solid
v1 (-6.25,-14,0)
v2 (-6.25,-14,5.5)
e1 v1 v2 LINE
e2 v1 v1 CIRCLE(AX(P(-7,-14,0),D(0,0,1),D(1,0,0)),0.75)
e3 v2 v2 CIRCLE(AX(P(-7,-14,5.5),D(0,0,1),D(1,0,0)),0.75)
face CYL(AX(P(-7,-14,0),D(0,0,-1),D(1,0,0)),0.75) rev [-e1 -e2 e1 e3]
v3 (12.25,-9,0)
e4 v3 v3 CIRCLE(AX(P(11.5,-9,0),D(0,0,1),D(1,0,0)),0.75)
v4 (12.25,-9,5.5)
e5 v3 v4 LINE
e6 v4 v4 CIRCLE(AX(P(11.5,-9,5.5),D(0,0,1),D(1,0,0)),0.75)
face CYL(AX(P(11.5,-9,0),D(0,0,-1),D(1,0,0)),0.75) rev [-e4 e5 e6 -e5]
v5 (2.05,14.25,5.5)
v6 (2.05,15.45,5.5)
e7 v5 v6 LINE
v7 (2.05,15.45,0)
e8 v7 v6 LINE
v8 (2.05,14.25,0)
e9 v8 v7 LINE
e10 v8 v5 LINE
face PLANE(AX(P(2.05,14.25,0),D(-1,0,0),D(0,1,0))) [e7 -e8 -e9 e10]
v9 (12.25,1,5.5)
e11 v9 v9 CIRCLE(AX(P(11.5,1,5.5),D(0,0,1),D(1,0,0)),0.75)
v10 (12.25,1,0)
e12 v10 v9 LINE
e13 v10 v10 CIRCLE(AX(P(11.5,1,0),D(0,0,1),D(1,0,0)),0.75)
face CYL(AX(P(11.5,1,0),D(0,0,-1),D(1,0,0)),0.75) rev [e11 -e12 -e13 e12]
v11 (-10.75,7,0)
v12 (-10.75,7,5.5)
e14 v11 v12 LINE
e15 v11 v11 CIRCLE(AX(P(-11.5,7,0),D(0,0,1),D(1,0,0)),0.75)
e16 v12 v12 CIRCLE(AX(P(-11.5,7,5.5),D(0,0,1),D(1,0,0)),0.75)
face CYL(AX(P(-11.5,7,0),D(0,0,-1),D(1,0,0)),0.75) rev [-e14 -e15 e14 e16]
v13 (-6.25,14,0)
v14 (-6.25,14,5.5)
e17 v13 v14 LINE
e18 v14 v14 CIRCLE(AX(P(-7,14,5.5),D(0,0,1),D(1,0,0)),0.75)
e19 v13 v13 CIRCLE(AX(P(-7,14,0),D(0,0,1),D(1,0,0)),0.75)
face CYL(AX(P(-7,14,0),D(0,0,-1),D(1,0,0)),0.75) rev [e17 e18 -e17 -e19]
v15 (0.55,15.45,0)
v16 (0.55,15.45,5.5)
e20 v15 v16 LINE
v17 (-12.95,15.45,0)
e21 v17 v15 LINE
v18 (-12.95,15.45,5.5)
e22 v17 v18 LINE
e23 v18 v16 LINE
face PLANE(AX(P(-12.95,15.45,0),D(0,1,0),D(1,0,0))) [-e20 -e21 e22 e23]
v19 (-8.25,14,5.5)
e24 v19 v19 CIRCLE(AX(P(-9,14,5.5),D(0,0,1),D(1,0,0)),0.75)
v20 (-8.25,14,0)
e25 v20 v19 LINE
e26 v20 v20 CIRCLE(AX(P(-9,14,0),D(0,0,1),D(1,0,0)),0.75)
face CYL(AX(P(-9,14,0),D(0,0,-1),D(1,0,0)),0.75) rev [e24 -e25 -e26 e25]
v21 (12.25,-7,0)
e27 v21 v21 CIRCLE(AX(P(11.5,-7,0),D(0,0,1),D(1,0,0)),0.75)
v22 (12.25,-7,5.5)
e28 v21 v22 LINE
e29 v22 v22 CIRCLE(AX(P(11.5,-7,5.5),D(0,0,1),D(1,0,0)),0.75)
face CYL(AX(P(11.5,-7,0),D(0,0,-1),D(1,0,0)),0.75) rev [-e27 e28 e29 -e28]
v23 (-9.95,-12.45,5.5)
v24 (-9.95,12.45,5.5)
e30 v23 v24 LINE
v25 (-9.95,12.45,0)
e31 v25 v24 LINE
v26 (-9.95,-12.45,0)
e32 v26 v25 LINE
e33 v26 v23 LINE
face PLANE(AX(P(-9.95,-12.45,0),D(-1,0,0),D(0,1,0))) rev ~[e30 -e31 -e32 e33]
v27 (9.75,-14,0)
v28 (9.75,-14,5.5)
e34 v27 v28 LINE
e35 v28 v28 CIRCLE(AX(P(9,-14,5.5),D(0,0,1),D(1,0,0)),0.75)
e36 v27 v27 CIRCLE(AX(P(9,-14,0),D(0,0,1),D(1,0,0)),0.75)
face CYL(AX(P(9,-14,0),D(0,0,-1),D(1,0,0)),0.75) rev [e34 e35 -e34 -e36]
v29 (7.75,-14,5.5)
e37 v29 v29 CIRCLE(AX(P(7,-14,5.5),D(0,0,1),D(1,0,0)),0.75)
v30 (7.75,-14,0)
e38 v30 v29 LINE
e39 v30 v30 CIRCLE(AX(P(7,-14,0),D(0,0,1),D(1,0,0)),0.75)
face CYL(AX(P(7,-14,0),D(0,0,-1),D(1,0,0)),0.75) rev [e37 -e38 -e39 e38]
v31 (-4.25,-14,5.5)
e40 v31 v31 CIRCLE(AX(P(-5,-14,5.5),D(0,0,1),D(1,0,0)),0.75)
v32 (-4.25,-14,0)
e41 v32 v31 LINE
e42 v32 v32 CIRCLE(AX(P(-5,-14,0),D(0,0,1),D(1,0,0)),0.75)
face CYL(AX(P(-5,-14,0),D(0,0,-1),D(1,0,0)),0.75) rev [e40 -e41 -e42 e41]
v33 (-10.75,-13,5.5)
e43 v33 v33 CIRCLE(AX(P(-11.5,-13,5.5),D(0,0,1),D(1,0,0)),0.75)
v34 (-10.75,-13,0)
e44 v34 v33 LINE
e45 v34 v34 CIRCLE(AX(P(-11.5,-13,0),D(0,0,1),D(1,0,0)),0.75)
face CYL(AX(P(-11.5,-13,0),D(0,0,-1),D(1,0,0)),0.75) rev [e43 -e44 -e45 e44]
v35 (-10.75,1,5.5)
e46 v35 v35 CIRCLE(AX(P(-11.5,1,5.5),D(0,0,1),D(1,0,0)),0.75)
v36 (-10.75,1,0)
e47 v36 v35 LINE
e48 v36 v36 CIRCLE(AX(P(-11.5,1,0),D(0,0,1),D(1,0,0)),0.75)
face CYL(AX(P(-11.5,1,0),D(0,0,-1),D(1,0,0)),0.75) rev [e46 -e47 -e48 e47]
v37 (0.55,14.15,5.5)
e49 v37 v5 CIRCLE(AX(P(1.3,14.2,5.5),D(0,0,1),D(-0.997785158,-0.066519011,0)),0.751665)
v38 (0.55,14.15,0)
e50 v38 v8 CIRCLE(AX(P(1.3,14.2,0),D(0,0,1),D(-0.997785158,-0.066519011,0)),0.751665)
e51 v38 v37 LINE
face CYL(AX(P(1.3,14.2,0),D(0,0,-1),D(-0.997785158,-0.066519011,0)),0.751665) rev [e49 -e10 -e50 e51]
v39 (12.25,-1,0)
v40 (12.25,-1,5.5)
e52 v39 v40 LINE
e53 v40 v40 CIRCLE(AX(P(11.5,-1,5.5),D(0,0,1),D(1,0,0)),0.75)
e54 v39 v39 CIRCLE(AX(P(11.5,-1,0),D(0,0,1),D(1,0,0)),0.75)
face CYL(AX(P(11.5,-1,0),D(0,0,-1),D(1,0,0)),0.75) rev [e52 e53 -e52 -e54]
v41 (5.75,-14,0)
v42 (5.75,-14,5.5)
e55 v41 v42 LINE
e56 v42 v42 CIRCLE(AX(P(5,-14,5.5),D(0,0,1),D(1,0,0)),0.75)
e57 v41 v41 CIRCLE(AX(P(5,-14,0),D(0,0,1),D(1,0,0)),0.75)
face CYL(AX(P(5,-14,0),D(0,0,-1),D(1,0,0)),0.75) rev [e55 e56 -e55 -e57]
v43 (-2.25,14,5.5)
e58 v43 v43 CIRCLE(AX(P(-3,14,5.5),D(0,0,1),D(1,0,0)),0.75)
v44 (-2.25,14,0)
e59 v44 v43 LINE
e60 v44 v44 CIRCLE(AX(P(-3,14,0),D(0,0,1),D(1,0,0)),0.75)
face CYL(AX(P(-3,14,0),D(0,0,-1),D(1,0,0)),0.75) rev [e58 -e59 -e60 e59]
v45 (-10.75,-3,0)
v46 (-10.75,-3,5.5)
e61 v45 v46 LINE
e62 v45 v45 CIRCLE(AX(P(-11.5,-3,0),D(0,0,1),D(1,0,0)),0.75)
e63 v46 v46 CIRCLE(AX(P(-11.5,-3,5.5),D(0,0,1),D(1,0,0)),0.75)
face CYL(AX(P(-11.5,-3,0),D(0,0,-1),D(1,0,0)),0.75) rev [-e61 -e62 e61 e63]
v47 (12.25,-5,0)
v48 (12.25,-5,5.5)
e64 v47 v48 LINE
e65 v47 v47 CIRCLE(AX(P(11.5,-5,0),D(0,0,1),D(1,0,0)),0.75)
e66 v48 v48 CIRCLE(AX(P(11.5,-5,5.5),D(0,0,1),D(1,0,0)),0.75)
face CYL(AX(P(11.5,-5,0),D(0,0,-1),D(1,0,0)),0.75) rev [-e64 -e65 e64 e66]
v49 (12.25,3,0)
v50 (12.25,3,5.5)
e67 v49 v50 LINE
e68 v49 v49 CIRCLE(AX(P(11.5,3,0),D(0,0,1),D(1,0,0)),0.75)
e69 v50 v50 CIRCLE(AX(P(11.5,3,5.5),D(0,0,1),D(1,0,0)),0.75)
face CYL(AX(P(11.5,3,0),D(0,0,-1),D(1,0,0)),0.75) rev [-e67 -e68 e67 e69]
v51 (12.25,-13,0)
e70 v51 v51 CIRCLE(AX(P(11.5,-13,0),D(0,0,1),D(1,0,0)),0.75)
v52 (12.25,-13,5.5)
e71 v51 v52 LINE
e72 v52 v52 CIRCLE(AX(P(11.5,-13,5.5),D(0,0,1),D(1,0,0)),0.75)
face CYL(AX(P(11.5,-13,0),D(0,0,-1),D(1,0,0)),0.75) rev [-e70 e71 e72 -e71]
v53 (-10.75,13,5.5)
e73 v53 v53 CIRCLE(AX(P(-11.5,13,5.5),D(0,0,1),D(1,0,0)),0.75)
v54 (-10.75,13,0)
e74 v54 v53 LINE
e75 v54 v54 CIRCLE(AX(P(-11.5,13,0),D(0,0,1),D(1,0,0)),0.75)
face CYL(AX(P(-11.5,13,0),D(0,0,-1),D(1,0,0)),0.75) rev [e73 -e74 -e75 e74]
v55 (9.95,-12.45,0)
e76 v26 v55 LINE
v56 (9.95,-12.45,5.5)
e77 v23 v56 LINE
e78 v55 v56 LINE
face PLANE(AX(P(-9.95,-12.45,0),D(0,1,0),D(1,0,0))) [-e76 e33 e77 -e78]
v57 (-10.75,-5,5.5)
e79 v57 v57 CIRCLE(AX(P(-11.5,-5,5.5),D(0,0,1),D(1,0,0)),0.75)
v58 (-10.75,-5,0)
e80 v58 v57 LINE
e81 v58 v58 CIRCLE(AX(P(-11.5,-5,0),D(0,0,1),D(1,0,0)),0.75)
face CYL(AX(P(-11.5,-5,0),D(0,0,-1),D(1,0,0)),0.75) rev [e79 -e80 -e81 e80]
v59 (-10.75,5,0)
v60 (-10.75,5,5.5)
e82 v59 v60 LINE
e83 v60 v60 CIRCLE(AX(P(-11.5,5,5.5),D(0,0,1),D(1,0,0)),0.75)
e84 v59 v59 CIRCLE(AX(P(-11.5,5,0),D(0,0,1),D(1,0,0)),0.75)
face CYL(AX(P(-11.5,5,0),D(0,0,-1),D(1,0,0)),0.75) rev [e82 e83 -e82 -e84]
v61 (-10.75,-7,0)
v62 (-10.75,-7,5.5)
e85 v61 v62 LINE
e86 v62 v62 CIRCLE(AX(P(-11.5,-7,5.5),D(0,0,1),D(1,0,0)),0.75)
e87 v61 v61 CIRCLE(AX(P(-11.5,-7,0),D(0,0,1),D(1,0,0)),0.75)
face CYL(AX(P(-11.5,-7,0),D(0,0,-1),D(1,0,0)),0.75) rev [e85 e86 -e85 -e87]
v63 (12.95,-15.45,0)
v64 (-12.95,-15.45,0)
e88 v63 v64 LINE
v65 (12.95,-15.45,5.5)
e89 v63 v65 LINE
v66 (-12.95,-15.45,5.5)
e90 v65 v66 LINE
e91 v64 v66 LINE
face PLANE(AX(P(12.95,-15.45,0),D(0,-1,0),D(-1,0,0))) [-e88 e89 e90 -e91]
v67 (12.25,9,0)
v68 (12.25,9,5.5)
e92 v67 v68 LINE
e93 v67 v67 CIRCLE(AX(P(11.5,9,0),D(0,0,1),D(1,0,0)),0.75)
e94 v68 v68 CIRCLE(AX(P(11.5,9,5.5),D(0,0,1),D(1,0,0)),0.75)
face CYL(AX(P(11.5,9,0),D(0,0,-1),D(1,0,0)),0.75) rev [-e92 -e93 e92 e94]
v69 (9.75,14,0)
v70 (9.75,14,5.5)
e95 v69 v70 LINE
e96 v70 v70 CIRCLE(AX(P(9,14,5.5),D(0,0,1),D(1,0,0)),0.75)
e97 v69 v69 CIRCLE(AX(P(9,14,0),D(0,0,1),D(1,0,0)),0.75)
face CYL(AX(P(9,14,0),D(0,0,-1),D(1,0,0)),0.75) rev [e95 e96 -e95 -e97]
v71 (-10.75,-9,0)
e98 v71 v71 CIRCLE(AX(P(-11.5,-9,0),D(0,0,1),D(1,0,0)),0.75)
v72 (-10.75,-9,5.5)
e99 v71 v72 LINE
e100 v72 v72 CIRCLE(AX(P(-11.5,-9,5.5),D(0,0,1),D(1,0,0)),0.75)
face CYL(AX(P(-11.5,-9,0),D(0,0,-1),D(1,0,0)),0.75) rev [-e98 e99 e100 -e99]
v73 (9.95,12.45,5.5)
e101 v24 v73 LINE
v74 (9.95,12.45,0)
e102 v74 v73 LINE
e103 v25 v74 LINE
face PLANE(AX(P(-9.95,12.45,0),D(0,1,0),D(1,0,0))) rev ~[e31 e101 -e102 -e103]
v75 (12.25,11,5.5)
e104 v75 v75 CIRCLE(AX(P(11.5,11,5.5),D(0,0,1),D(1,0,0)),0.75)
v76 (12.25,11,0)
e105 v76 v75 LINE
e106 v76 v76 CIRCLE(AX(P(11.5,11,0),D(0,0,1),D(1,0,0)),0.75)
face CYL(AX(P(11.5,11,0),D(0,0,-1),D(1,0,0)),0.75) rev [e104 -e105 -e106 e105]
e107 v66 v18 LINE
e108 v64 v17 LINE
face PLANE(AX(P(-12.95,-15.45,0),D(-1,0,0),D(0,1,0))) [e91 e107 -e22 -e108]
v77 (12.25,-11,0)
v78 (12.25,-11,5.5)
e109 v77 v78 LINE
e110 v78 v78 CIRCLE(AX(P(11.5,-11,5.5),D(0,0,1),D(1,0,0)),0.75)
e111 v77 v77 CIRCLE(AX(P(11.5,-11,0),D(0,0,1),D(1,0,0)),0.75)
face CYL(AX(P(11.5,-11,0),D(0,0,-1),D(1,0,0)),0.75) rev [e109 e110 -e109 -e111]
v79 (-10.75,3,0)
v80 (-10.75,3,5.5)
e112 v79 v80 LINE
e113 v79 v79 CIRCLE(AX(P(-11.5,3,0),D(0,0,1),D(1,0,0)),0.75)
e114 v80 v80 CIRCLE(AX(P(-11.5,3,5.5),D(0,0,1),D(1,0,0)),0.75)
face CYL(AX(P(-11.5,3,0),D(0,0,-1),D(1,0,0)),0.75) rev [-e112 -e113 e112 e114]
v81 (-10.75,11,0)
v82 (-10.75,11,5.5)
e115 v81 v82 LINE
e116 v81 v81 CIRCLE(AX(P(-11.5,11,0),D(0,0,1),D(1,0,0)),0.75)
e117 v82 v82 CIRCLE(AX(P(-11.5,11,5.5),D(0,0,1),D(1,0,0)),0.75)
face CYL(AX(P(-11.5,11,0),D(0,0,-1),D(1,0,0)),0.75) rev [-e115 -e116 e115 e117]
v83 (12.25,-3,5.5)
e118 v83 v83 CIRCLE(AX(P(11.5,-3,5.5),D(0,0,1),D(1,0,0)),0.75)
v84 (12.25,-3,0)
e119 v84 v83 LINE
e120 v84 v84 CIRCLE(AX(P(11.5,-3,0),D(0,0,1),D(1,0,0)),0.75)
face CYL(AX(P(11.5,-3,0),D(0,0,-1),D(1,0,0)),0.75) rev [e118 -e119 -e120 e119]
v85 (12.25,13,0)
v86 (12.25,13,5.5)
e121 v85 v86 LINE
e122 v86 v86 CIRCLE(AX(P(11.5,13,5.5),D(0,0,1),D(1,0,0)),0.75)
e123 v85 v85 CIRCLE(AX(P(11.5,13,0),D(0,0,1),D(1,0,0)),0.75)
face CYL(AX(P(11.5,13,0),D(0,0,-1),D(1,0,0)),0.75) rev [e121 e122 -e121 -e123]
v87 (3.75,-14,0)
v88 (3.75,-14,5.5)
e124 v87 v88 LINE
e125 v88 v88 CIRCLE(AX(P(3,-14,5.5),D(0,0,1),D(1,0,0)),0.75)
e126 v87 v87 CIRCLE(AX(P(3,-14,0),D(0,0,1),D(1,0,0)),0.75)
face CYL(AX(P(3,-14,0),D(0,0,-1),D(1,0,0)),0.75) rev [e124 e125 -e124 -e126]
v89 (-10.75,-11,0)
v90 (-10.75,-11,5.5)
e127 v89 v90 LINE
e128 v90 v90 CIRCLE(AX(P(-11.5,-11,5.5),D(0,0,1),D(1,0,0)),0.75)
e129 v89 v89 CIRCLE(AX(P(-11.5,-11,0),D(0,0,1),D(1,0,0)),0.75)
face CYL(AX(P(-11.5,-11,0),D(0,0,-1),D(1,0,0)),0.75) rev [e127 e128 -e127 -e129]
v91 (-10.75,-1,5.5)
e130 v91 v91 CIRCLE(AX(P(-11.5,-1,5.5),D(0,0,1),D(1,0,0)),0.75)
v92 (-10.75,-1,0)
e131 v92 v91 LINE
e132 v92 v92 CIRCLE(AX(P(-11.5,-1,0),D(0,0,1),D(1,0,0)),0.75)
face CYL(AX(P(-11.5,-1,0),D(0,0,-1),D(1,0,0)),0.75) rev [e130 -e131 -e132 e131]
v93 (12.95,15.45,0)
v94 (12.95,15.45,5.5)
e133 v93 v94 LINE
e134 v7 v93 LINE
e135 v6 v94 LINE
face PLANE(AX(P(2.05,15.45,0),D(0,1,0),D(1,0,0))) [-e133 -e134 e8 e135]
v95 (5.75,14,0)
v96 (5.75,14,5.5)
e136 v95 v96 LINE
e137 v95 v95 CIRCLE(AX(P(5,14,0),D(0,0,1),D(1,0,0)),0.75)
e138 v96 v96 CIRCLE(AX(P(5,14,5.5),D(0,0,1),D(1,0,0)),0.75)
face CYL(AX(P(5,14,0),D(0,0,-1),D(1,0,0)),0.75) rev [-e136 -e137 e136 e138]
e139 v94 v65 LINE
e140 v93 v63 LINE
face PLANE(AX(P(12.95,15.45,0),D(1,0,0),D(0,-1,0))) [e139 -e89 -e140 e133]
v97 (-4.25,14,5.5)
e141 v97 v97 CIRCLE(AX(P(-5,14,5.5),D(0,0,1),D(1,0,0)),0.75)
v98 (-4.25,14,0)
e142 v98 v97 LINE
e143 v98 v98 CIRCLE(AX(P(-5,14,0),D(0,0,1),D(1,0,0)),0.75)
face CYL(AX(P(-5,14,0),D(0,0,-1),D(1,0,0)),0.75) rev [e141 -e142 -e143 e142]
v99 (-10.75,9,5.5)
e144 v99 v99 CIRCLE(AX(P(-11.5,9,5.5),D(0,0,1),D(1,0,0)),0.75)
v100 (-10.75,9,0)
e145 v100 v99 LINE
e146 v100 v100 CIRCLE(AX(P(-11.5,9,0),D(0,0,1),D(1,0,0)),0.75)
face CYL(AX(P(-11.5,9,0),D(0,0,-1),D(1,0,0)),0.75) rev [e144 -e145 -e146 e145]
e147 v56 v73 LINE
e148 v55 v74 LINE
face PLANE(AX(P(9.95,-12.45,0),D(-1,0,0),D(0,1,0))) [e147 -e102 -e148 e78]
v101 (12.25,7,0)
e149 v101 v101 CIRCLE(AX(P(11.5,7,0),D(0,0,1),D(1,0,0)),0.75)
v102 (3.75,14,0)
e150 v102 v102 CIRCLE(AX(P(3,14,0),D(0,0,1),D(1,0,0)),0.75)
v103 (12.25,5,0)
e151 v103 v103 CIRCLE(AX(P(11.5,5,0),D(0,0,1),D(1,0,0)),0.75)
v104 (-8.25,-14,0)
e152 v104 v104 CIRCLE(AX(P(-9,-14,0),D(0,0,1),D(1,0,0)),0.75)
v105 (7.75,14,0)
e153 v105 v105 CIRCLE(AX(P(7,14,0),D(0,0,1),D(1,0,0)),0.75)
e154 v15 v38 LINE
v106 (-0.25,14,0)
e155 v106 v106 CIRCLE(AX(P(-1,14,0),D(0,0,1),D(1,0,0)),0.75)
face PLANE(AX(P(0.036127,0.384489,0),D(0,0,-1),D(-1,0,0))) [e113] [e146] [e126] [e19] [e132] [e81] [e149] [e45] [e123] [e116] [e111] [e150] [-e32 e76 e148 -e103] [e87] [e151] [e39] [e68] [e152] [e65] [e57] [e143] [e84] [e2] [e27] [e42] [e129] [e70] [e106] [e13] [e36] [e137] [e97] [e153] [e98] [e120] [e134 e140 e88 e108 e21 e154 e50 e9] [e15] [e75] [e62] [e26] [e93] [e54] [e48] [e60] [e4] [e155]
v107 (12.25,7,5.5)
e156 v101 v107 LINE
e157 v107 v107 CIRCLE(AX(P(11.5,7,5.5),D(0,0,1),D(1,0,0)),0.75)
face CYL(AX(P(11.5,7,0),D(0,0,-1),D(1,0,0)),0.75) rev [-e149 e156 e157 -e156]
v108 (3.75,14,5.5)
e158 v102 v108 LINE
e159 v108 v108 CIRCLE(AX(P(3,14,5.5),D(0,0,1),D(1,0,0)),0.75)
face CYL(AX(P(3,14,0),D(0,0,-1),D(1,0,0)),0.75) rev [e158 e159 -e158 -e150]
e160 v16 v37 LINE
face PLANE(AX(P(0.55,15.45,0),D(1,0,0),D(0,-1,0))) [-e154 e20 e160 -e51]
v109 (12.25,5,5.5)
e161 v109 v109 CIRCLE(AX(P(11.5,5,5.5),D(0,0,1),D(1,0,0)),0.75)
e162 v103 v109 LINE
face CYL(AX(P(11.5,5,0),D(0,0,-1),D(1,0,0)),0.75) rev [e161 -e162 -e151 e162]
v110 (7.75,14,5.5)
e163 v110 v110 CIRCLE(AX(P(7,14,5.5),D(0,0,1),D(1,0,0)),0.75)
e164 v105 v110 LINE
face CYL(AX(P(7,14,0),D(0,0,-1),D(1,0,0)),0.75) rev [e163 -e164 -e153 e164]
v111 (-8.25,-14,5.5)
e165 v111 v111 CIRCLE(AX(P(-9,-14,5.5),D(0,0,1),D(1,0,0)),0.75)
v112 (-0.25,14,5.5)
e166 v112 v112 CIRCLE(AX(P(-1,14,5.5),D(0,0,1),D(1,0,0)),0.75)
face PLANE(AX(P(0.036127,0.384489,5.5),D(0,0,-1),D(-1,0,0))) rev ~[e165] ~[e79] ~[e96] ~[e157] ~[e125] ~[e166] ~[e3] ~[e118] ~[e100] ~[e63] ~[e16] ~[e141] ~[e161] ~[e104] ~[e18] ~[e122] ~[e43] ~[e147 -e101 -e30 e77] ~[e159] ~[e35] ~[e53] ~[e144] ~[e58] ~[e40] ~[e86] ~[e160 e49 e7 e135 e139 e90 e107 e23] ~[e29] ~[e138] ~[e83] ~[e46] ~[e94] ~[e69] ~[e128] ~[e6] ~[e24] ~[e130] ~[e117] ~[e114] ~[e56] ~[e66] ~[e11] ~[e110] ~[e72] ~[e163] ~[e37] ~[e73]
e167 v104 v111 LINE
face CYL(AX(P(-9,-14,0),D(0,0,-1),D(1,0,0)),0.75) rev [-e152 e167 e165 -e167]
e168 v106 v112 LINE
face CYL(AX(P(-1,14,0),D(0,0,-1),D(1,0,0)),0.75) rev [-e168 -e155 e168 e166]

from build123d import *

# Parameters (mm, degrees)
POGO_R              = 0.75
POGO_W              = 19.9
POGO_H              = 24.9
BOSS_EXTRUDE1_DEPTH = 5.5


with BuildPart() as part:
    # pogo → Boss-Extrude1 (new body)
    with BuildSketch(Plane.XY):
        with BuildLine():
            Line((-12.95, 15.45), (0.55, 15.45))
            Line((0.55, 15.45), (0.55, 14.15))
            ThreePointArc((0.55, 14.15), (1.35, 13.45), (2.05, 14.25))
            Line((2.05, 14.25), (2.05, 15.45))
            Line((2.05, 15.45), (12.95, 15.45))
            Line((12.95, 15.45), (12.95, -15.45))
            Line((12.95, -15.45), (-12.95, -15.45))
            Line((-12.95, -15.45), (-12.95, 15.45))
        make_face()
        with Locations((-11.5, 13)):
            Circle(POGO_R, mode=Mode.SUBTRACT)
        with Locations((11.5, 13)):
            Circle(POGO_R, mode=Mode.SUBTRACT)
        with Locations((11.5, 11)):
            Circle(POGO_R, mode=Mode.SUBTRACT)
        with Locations((11.5, 9)):
            Circle(POGO_R, mode=Mode.SUBTRACT)
        with Locations((11.5, 7)):
            Circle(POGO_R, mode=Mode.SUBTRACT)
        with Locations((11.5, 5)):
            Circle(POGO_R, mode=Mode.SUBTRACT)
        with Locations((11.5, 3)):
            Circle(POGO_R, mode=Mode.SUBTRACT)
        with Locations((11.5, 1)):
            Circle(POGO_R, mode=Mode.SUBTRACT)
        with Locations((11.5, -1)):
            Circle(POGO_R, mode=Mode.SUBTRACT)
        with Locations((11.5, -3)):
            Circle(POGO_R, mode=Mode.SUBTRACT)
        with Locations((11.5, -5)):
            Circle(POGO_R, mode=Mode.SUBTRACT)
        with Locations((11.5, -7)):
            Circle(POGO_R, mode=Mode.SUBTRACT)
        with Locations((11.5, -9)):
            Circle(POGO_R, mode=Mode.SUBTRACT)
        with Locations((11.5, -11)):
            Circle(POGO_R, mode=Mode.SUBTRACT)
        with Locations((11.5, -13)):
            Circle(POGO_R, mode=Mode.SUBTRACT)
        with Locations((-11.5, 11)):
            Circle(POGO_R, mode=Mode.SUBTRACT)
        with Locations((-11.5, 9)):
            Circle(POGO_R, mode=Mode.SUBTRACT)
        with Locations((-11.5, 7)):
            Circle(POGO_R, mode=Mode.SUBTRACT)
        with Locations((-11.5, 5)):
            Circle(POGO_R, mode=Mode.SUBTRACT)
        with Locations((-11.5, 3)):
            Circle(POGO_R, mode=Mode.SUBTRACT)
        with Locations((-11.5, 1)):
            Circle(POGO_R, mode=Mode.SUBTRACT)
        with Locations((-11.5, -1)):
            Circle(POGO_R, mode=Mode.SUBTRACT)
        with Locations((-11.5, -3)):
            Circle(POGO_R, mode=Mode.SUBTRACT)
        with Locations((-11.5, -5)):
            Circle(POGO_R, mode=Mode.SUBTRACT)
        with Locations((-11.5, -7)):
            Circle(POGO_R, mode=Mode.SUBTRACT)
        with Locations((-11.5, -9)):
            Circle(POGO_R, mode=Mode.SUBTRACT)
        with Locations((-11.5, -11)):
            Circle(POGO_R, mode=Mode.SUBTRACT)
        with Locations((-11.5, -13)):
            Circle(POGO_R, mode=Mode.SUBTRACT)
        with Locations((-9, 14)):
            Circle(POGO_R, mode=Mode.SUBTRACT)
        with Locations((-7, 14)):
            Circle(POGO_R, mode=Mode.SUBTRACT)
        with Locations((-5, 14)):
            Circle(POGO_R, mode=Mode.SUBTRACT)
        with Locations((-3, 14)):
            Circle(POGO_R, mode=Mode.SUBTRACT)
        with Locations((-1, 14)):
            Circle(POGO_R, mode=Mode.SUBTRACT)
        with Locations((3, 14)):
            Circle(POGO_R, mode=Mode.SUBTRACT)
        with Locations((5, 14)):
            Circle(POGO_R, mode=Mode.SUBTRACT)
        with Locations((7, 14)):
            Circle(POGO_R, mode=Mode.SUBTRACT)
        with Locations((9, 14)):
            Circle(POGO_R, mode=Mode.SUBTRACT)
        with Locations((-7, -14)):
            Circle(POGO_R, mode=Mode.SUBTRACT)
        with Locations((-5, -14)):
            Circle(POGO_R, mode=Mode.SUBTRACT)
        with Locations((3, -14)):
            Circle(POGO_R, mode=Mode.SUBTRACT)
        with Locations((5, -14)):
            Circle(POGO_R, mode=Mode.SUBTRACT)
        with Locations((7, -14)):
            Circle(POGO_R, mode=Mode.SUBTRACT)
        with Locations((9, -14)):
            Circle(POGO_R, mode=Mode.SUBTRACT)
        with Locations((-9, -14)):
            Circle(POGO_R, mode=Mode.SUBTRACT)
        Rectangle(POGO_W, POGO_H, mode=Mode.SUBTRACT)
    extrude(amount=BOSS_EXTRUDE1_DEPTH)


solid = part.part
